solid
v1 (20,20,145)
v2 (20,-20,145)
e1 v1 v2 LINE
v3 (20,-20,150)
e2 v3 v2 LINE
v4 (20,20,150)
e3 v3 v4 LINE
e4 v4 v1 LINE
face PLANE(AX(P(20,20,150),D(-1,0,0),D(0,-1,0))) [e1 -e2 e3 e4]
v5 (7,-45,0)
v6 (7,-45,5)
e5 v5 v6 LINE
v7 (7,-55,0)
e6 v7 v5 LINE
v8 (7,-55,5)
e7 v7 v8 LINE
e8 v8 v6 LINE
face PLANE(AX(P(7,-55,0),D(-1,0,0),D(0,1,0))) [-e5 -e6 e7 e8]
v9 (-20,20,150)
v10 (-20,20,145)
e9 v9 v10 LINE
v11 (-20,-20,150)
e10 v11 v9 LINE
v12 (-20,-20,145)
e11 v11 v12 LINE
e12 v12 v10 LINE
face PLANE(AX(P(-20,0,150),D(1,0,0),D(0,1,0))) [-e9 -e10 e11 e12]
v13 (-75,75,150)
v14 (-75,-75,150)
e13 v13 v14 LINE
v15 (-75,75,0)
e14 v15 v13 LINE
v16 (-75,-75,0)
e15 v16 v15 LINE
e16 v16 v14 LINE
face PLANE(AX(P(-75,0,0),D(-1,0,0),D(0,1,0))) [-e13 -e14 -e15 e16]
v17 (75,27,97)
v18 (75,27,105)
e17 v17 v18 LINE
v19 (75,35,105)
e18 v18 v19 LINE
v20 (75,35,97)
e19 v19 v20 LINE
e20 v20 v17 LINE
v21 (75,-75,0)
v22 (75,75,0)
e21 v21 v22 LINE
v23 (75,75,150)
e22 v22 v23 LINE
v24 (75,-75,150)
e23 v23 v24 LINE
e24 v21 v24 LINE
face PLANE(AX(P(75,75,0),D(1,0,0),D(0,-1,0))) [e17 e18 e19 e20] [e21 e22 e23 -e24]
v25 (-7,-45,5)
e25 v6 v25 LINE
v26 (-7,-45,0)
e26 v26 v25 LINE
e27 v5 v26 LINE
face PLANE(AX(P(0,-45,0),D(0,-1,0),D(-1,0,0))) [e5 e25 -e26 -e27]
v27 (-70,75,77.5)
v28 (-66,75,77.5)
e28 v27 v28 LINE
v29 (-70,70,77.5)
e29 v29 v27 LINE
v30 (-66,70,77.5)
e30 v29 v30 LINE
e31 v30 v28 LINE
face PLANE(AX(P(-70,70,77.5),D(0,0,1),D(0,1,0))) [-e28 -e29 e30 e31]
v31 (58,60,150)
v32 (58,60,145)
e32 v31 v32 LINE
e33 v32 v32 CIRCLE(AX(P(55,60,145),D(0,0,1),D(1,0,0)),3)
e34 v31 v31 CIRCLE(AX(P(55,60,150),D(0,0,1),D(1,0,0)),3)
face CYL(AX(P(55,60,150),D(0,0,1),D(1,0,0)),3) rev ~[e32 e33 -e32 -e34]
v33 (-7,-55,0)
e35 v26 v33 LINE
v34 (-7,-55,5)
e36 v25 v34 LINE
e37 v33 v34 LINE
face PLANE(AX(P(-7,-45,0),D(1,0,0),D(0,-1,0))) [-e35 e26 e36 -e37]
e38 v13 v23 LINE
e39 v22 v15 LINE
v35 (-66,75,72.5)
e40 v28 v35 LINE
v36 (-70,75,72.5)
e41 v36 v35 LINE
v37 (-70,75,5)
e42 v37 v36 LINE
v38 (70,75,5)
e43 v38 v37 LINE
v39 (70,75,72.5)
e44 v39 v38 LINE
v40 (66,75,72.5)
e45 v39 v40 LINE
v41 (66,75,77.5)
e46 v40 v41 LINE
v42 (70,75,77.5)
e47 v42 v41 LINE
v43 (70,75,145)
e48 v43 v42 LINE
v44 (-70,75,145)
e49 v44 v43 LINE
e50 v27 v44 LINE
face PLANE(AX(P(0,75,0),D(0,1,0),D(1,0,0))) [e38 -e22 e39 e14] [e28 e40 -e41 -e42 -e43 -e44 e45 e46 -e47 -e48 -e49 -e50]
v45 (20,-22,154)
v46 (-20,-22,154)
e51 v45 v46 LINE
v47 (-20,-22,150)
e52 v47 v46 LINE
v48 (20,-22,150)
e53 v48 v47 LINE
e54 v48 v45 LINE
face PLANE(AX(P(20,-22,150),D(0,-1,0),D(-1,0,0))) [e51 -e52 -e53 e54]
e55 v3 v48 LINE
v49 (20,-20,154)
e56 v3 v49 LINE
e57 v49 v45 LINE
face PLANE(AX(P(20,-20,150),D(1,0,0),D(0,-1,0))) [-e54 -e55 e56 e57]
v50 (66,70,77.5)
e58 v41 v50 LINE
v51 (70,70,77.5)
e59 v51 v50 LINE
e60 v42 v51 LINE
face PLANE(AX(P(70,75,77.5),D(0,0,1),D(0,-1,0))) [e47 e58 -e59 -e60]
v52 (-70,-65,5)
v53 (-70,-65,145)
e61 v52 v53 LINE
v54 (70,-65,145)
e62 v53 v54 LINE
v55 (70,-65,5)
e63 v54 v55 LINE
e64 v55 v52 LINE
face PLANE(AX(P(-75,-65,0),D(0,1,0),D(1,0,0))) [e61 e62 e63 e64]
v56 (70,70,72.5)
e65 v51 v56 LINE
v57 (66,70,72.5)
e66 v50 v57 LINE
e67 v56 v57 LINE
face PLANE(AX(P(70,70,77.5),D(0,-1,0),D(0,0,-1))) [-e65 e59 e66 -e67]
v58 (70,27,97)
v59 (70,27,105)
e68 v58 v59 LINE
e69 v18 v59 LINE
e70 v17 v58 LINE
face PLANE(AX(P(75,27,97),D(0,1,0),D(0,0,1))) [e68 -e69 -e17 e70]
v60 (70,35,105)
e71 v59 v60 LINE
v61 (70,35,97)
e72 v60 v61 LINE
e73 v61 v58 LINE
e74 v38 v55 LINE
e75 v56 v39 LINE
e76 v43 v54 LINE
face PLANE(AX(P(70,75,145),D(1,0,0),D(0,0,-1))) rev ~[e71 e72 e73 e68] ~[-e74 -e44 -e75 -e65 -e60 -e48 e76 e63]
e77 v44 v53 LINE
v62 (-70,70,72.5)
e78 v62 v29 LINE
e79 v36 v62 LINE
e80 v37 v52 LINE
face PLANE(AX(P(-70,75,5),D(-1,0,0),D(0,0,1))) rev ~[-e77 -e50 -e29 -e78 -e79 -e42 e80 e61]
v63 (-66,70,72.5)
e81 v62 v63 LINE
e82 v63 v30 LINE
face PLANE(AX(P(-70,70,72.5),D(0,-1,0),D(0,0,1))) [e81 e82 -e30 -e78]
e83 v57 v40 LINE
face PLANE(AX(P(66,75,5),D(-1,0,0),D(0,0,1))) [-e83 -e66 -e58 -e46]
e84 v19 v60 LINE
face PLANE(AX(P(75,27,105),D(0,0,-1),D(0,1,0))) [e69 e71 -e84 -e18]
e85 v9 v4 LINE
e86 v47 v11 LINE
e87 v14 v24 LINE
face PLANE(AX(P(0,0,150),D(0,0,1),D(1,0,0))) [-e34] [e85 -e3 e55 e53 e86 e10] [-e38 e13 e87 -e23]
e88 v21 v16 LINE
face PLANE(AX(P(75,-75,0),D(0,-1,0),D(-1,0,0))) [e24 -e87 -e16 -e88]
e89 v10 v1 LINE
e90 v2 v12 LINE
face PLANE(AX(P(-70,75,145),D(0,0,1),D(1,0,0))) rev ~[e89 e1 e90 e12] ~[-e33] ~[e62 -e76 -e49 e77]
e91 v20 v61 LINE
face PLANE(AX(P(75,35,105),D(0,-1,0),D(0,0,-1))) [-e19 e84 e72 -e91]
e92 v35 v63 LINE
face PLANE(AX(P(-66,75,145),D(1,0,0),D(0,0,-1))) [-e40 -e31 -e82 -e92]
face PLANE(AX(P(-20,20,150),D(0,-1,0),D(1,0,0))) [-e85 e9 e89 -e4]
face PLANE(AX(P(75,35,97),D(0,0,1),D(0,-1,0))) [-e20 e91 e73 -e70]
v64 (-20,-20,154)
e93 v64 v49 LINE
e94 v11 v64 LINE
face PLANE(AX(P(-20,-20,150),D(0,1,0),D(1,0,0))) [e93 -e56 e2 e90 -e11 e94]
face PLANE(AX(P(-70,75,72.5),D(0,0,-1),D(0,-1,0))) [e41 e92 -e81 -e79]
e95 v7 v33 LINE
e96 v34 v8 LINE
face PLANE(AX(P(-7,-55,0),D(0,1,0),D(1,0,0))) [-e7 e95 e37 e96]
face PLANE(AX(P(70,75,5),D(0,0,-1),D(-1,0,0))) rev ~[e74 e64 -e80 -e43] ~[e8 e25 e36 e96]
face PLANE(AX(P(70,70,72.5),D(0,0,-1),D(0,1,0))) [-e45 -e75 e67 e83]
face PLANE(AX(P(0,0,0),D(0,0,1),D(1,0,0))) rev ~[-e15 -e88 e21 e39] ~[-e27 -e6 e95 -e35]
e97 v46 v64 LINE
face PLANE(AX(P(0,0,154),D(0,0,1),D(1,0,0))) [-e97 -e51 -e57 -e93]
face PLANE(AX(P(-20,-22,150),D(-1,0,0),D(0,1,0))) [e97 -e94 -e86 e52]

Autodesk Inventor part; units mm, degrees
ref_plane "YZ Plane" through (0, 0, 0) normal (1, 0, 0) x (0, 1, 0)
ref_plane "XZ Plane" through (0, 0, 0) normal (0, 1, 0) x (-1, 0, 0)
ref_plane "XY Plane" through (0, 0, 0) normal (0, 0, 1) x (1, 0, 0)
sketch "Náčrt1" plane through (0, 0, 0) normal (0, 0, 1) x (1, 0, 0)
  line L0 (0, 105) -> (0, -105) projected
  line L1 (-105, 0) -> (105, 0) projected
  line L2 (-75, 75) -> (75, 75)
  line L3 (75, 75) -> (75, -75)
  line L4 (75, -75) -> (-75, -75)
  line L5 (-75, -75) -> (-75, 75)
  point P0 (0, 0)
  dimension "d0" = 150
  dimension "d1" = 150
extrude "Vysunutí1" add sketch "Náčrt1" along normal blind 150
sketch "Náčrt2" plane through (-75, 75, 0) normal (0, 1, 0) x (1, 0, 0)
  line L0 (0, 0) -> (0, -150) projected
  line L1 (150, 0) -> (0, 0) projected
  line L2 (5, -145) -> (145, -145)
  line L3 (145, -145) -> (145, -5)
  line L4 (145, -5) -> (5, -5)
  line L5 (5, -5) -> (5, -145)
  point P0 (75, 0)
  dimension "d4" = 140
  dimension "d5" = 140
  dimension "d6" = 5
  dimension "d7" = 5
extrude "Vysunutí2" cut sketch "Náčrt2" against normal blind 140
sketch "Náčrt3" plane through (0, 0, 150) normal (0, 0, 1) x (1, 0, 0)
  line L0 (-20, 20) -> (20, 20)
  line L1 (20, 20) -> (20, -20)
  line L2 (20, -20) -> (-20, -20)
  line L3 (-20, -20) -> (-20, 20)
  line L4 (0, 105) -> (0, -105) projected
  line L5 (-105, 0) -> (105, 0) projected
  line L6 (-75, -75) -> (75, -75) projected
  circle A0 centre (55, 60) radius 3
  line L7 (75, -75) -> (75, 75) projected
  line L8 (75, 75) -> (-75, 75) projected
  point P0 (0, 0)
  dimension "d10" = 40
  dimension "d11" = 40
  dimension "d12" = 55
  dimension "d13" = 6
  dimension "d14" = 20
  dimension "d15" = 15
extrude "Vysunutí3" cut sketch "Náčrt3" against normal blind 10 contours L0 L4 L5 L3 | L0 L1 L5 L4 | L5 L4 L2 L3 | L5 L1 L2 L4 | A0
sketch "Náčrt36" plane through (75, -75, 0) normal (1, 0, 0) x (0, 0, -1)
  line L0 (-105, 110) -> (-97, 110)
  line L1 (-97, 110) -> (-97, 102)
  line L2 (-97, 102) -> (-105, 102)
  line L3 (-105, 102) -> (-105, 110)
  line L4 (0, 0) -> (0, 150) projected
  line L5 (0, 150) -> (-150, 150) projected
  line L6 (-150, 0) -> (-150, 150) projected
  line L7 (0, 0) -> (-150, 0) projected
  point P0 (0, 75)
  dimension "d188" = 8
  dimension "d189" = 8
  dimension "d190" = 40
  dimension "d191" = 45
extrude "Vysunutí28" cut sketch "Náčrt36" against normal blind 10 contours L0 L1 L2 L3
sketch "Náčrt37" plane through (0, 0, 150) normal (0, 0, 1) x (1, 0, 0)
  line L0 (-20, -20) -> (-20, 20) projected
  line L1 (-20, -20) -> (20, -20)
  line L2 (20, -20) -> (20, -22)
  line L3 (20, -22) -> (-20, -22)
  line L4 (-20, -22) -> (-20, -20)
  point P0 (0, 0)
  dimension "d194" = 2
  dimension "d195" = 40
extrude "Vysunutí29" add sketch "Náčrt37" along normal blind 4
sketch "Náčrt38" plane through (-70, 75, 145) normal (1, 0, 0) x (0, 0, -1)
  line L0 (0, 0) -> (140, 0) projected
  line L1 (0, 0) -> (0, -140) projected
  line L2 (0, -140) -> (140, -140) projected
  line L3 (140, 0) -> (140, -140) projected
  line L4 (67.5, 0) -> (72.5, 0)
  line L5 (72.5, 0) -> (72.5, -5)
  line L6 (72.5, -5) -> (67.5, -5)
  line L7 (67.5, -5) -> (67.5, 0)
  point P0 (145, -75)
  dimension "d198" = 5
  dimension "d199" = 5
  dimension "d200" = 67.5
extrude "Vysunutí30" add sketch "Náčrt38" along normal blind 4 contours L0 L5 L6 L7
sketch "Náčrt39" plane through (70, 75, 5) normal (-1, 0, 0) x (0, 0, 1)
  line L0 (92, -48) -> (92, -40) projected
  line L1 (92, -40) -> (100, -40) projected
  line L2 (100, -40) -> (100, -48) projected
  line L3 (100, -48) -> (92, -48) projected
  line L4 (0, 0) -> (140, 0) projected
  line L5 (0, 0) -> (0, -140) projected
  line L6 (0, -140) -> (140, -140) projected
  line L7 (140, 0) -> (140, -140) projected
  line L8 (67.5, 0) -> (72.5, 0)
  line L9 (72.5, 0) -> (72.5, -5)
  line L10 (72.5, -5) -> (67.5, -5)
  line L11 (67.5, -5) -> (67.5, 0)
  point P0 (-5, -75)
  point P1 (72.5, 0)
  dimension "d203" = 5
  dimension "d204" = 5
  dimension "d205" = 67.5
extrude "Vysunutí31" add sketch "Náčrt39" along normal blind 4 contours L4 L9 L10 L11
sketch "Náčrt41" plane through (0, 0, 0) normal (0, 0, -1) x (-1, 0, 0)
  line L0 (75, -75) -> (-75, -75) projected
  line L1 (75, 75) -> (75, -75) projected
  line L2 (-75, 75) -> (75, 75) projected
  line L3 (-75, -75) -> (-75, 75) projected
  line L4 (-7, -45) -> (7, -45)
  line L5 (7, -45) -> (7, -55)
  line L6 (7, -55) -> (-7, -55)
  line L7 (-7, -55) -> (-7, -45)
  line L8 (0, -105) -> (0, 105) projected
  point P0 (0, 0)
  dimension "d209" = 14
  dimension "d210" = 10
  dimension "d211" = 20
extrude "Vysunutí32" cut sketch "Náčrt41" against normal blind 10 contours L8 L4 L5 L6 | L6 L7 L4 L8
properties part number "Box na elektro"
